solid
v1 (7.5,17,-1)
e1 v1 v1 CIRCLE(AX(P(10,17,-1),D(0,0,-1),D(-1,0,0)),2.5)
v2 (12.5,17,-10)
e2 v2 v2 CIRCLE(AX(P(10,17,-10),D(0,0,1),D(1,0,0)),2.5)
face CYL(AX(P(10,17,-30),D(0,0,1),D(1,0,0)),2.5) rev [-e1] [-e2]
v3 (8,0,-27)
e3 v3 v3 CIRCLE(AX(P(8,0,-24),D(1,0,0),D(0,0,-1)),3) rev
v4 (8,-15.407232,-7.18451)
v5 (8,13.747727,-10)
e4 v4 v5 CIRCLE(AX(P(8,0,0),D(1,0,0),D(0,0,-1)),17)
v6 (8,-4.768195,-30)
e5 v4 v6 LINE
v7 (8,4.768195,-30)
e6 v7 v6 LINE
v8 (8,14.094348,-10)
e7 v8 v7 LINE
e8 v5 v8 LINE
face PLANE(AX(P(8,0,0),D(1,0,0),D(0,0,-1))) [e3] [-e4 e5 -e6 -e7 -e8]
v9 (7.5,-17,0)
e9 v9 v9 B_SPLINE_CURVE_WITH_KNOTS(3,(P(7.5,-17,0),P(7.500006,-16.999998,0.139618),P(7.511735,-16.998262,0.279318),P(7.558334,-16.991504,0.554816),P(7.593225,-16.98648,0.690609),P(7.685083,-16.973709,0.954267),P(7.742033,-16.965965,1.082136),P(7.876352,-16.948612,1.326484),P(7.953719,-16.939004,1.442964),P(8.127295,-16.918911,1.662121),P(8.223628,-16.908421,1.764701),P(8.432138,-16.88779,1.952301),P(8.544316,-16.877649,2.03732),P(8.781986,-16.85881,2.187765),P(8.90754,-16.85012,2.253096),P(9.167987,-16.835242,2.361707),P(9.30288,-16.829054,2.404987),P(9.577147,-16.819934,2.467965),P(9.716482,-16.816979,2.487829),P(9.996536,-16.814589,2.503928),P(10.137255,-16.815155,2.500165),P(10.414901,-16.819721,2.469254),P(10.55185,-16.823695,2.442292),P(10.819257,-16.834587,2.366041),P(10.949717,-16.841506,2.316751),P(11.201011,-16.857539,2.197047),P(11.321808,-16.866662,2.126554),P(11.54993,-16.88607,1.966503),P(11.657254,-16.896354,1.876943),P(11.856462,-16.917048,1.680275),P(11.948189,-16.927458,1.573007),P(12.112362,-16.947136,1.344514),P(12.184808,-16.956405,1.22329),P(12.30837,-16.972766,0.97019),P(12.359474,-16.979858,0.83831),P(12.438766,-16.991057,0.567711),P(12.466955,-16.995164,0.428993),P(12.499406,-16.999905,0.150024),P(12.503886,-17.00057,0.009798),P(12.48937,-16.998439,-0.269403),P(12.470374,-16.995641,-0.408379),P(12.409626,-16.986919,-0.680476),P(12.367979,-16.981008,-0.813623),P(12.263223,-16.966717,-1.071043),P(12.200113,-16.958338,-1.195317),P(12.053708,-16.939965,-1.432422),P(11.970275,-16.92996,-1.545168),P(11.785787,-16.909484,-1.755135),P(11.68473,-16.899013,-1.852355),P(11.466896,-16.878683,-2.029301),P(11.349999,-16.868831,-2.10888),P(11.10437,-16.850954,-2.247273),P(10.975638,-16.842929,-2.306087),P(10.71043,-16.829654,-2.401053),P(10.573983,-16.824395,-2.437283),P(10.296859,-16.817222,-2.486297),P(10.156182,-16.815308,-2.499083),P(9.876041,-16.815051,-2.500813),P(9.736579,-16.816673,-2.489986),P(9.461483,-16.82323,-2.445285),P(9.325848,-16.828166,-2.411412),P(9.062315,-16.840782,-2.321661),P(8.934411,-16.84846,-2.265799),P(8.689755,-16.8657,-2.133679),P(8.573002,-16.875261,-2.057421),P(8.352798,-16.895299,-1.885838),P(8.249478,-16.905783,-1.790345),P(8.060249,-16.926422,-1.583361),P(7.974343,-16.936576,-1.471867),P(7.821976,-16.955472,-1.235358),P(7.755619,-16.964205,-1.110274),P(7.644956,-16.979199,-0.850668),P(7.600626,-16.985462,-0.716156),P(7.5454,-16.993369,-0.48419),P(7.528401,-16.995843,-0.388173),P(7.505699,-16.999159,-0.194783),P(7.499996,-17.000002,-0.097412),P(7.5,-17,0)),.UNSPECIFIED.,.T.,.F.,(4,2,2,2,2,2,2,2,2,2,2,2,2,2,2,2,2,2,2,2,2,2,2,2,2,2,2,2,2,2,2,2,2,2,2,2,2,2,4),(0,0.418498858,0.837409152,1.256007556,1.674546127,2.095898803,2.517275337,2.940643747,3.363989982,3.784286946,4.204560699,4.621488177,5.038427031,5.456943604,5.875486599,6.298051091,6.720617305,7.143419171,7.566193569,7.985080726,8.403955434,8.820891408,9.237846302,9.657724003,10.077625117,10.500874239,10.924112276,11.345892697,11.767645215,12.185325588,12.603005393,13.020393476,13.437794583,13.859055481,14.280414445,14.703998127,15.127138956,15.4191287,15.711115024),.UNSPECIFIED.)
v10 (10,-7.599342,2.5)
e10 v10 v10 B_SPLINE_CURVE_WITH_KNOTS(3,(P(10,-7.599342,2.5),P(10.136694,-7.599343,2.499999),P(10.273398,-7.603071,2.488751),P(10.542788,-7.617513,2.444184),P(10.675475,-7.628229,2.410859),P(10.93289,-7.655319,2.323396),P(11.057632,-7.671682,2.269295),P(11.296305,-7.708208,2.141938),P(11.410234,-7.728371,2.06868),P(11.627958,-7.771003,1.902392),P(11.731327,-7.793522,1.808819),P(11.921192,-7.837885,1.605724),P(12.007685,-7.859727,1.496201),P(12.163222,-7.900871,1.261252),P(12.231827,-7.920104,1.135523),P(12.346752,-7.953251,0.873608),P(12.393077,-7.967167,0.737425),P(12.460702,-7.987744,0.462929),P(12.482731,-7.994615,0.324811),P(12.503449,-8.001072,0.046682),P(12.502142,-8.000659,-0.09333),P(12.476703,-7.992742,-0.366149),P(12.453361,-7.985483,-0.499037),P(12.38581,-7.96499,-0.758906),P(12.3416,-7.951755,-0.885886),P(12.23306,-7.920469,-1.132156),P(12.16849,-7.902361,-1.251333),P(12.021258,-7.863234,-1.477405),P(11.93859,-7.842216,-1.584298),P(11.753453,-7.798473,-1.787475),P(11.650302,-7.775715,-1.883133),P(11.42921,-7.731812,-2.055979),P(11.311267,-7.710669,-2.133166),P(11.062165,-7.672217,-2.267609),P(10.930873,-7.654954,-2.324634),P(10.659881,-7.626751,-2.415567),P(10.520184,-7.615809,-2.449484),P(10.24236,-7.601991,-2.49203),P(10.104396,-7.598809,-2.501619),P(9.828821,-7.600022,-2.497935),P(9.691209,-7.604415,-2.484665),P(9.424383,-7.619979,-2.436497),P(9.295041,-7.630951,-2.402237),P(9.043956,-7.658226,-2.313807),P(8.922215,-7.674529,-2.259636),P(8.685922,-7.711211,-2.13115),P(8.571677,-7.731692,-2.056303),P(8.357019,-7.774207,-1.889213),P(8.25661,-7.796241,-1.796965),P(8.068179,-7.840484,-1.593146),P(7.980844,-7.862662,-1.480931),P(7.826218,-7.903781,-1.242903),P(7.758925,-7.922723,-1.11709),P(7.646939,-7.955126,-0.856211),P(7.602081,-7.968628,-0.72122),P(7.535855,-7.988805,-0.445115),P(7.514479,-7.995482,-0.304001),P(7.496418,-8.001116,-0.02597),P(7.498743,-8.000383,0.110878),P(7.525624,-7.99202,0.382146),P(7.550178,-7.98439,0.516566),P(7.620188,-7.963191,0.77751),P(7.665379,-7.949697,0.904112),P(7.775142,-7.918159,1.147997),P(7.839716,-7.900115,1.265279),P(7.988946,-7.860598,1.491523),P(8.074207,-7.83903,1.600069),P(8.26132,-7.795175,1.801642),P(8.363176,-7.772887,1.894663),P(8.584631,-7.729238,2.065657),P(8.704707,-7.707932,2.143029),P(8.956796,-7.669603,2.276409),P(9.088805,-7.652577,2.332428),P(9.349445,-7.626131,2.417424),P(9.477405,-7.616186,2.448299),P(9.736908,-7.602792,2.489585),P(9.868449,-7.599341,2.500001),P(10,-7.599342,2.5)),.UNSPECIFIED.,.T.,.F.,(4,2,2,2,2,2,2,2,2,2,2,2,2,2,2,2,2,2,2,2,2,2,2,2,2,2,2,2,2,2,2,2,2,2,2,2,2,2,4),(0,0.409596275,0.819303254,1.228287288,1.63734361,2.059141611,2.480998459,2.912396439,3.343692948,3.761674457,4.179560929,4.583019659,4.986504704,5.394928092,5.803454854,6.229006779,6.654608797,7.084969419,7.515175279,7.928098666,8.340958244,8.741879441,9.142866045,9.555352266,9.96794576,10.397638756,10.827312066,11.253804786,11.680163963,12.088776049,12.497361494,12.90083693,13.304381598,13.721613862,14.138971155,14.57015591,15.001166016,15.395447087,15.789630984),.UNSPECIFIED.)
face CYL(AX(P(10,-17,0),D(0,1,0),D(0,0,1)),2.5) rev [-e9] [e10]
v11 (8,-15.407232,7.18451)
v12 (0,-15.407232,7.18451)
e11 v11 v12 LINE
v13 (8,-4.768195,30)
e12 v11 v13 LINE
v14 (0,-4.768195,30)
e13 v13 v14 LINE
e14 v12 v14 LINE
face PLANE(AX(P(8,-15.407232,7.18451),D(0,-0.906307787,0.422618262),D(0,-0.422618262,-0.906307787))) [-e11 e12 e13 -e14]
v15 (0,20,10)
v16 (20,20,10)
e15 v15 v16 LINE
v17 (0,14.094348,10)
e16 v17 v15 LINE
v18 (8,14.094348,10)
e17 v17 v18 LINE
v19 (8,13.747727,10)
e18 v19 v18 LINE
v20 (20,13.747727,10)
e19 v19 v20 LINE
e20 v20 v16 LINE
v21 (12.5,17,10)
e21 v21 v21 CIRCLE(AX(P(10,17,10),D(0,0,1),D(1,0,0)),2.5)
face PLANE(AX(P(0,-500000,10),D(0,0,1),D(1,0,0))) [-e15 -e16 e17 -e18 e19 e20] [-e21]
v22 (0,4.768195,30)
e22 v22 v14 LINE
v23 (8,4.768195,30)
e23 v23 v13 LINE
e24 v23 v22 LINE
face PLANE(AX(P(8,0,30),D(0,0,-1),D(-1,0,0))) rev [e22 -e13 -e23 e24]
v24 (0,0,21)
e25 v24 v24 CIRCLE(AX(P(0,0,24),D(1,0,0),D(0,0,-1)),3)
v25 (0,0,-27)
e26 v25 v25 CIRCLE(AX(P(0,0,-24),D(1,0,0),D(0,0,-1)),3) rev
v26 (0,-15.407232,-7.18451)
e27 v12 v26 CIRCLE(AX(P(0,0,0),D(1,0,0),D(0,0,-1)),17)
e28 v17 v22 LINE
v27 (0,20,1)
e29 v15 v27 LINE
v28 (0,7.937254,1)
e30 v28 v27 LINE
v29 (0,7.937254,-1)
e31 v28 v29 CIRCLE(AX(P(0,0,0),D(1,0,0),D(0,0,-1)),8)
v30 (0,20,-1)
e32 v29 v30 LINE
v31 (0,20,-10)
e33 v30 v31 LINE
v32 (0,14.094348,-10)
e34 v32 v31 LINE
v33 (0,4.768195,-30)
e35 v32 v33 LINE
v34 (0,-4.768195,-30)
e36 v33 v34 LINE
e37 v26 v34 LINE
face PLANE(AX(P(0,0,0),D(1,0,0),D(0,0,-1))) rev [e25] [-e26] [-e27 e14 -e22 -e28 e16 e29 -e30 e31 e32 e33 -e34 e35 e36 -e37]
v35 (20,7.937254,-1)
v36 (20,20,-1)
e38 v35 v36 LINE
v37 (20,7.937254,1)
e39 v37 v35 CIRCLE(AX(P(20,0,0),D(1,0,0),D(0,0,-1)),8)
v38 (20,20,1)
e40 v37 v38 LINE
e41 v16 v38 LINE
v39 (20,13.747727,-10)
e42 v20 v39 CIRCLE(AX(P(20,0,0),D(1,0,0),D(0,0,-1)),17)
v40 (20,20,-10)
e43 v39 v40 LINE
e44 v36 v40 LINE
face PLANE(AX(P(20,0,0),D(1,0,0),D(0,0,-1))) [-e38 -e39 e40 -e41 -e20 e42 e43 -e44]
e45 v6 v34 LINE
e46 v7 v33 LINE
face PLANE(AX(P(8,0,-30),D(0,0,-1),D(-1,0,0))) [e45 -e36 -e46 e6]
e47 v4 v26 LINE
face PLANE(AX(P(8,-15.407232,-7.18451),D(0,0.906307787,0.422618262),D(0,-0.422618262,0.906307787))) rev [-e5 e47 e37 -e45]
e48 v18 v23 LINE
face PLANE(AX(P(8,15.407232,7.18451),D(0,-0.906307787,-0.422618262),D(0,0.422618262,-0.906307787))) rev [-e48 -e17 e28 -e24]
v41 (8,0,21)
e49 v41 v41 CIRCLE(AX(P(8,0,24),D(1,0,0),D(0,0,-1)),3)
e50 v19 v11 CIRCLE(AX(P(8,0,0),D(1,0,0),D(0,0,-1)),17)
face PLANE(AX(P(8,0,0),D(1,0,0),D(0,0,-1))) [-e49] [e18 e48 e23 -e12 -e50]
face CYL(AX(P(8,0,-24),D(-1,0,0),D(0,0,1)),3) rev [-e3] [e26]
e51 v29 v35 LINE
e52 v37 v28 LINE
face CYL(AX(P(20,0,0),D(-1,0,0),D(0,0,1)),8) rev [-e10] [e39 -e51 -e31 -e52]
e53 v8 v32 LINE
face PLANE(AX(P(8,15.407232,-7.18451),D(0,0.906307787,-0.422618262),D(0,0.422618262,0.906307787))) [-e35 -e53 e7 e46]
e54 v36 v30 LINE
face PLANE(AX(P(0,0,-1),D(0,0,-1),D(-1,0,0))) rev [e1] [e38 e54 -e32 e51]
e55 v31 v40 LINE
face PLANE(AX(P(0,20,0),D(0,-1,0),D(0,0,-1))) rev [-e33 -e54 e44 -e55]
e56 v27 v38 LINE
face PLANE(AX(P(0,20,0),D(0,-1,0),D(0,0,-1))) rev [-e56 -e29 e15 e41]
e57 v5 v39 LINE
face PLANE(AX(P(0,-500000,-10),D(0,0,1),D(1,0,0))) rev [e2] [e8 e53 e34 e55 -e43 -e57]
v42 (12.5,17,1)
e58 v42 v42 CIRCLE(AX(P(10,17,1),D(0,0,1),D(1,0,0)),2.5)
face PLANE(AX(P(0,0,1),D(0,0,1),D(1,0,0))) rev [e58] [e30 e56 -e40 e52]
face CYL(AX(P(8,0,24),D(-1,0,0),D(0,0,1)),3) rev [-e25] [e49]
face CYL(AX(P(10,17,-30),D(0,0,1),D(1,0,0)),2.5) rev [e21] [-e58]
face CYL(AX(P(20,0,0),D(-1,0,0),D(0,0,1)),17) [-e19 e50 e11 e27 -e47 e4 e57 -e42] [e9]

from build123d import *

# Parameters (mm, degrees)
SKETCH_1_R          = 3
EXTRUDE_1_DEPTH     = 8
EXTRUDE_1_2_DEPTH   = 8
SKETCH_1_3_R        = 8
EXTRUDE_2_DEPTH     = 20
EXTRUDE_3_REACH     = 53.662
SKETCH_2_W          = 20
SKETCH_2_H          = 20
SKETCH_3_W          = 20
SKETCH_3_H          = 2
CUT_EXTRUDE_1_DEPTH = 20
SKETCH_4_R          = 2.5
CUT_EXTRUDE_2_DEPTH = 49.989794856
SKETCH_5_R          = 2.5
CUT_EXTRUDE_3_DEPTH = 42.231056256


with BuildPart() as part:
    # 草图1 → 凸台-拉伸1 (new body)
    with BuildSketch(Plane(origin=(0, 0, 0), x_dir=(0, 0, -1), z_dir=(1, 0, 0))):
        with BuildLine():
            Line((-7.18451045, 15.40723238), (-30, 4.768194878))
            Line((-30, 4.768194878), (-30, -4.768194878))
            Line((-30, -4.768194878), (-7.18451045, -15.40723238))
            ThreePointArc((-7.18451045, -15.40723238), (-17, 0), (-7.18451045, 15.40723238))
        make_face()
        with Locations((-24, 0)):
            Circle(SKETCH_1_R, mode=Mode.SUBTRACT)
    extrude(amount=EXTRUDE_1_DEPTH)



with BuildPart() as body_2:
    # 草图1 → Extrude 1 2 (new body)
    with BuildSketch(Plane(origin=(0, 0, 0), x_dir=(0, 0, -1), z_dir=(1, 0, 0))):
        with BuildLine():
            Line((30, 4.768194878), (7.18451045, 15.40723238))
            ThreePointArc((7.18451045, 15.40723238), (17, 0), (7.18451045, -15.40723238))
            Line((7.18451045, -15.40723238), (30, -4.768194878))
            Line((30, -4.768194878), (30, 4.768194878))
        make_face()
        with Locations((24, 0)):
            Circle(SKETCH_1_R, mode=Mode.SUBTRACT)
    extrude(amount=EXTRUDE_1_2_DEPTH)


with BuildPart() as part_1:
    add(part.part)

    add(body_2.part)  # 凸台-拉伸2 merges body 2
    # 草图1<3> → 凸台-拉伸2 (add)
    with BuildSketch(Plane(origin=(0, 0, 0), x_dir=(0, 0, -1), z_dir=(1, 0, 0))):
        with BuildLine():
            ThreePointArc((7.18451045, 15.40723238), (0, 17), (-7.18451045, 15.40723238))
            ThreePointArc((-7.18451045, 15.40723238), (-17, 0), (-7.18451045, -15.40723238))
            ThreePointArc((-7.18451045, -15.40723238), (0, -17), (7.18451045, -15.40723238))
            ThreePointArc((7.18451045, -15.40723238), (14.337654579, -9.134093342), (17, 0))
            ThreePointArc((17, 0), (14.337654579, 9.134093342), (7.18451045, 15.40723238))
        make_face()
        Circle(SKETCH_1_3_R, mode=Mode.SUBTRACT)
    extrude(amount=EXTRUDE_2_DEPTH)

    # 草图2 → 凸台-拉伸3 (add, up to next)
    with BuildSketch(Plane(origin=(0, 20, 0), x_dir=(1, 0, 0), z_dir=(0, 1, 0)), mode=Mode.PRIVATE) as extrude_3_sk1:
        with Locations((10, 0)):
            Rectangle(SKETCH_2_W, SKETCH_2_H)
    extrude_3_tool1 = extrude(extrude_3_sk1.sketch, amount=-EXTRUDE_3_REACH, mode=Mode.PRIVATE) - part_1.part
    add(extrude_3_tool1.solids().sort_by_distance((10, 20, 0))[0])

    # 草图3 → 切除-拉伸1 (cut)
    with BuildSketch(Plane(origin=(0, 20, 0), x_dir=(1, 0, 0), z_dir=(0, 1, 0))):
        with Locations((10, 0)):
            Rectangle(SKETCH_3_W, SKETCH_3_H)
    extrude(amount=-CUT_EXTRUDE_1_DEPTH, mode=Mode.SUBTRACT)

    # 草图4 → 切除-拉伸2 (cut, through all)
    with BuildSketch(Plane.XY.offset(10)):
        with Locations((10, 17)):
            Circle(SKETCH_4_R)
    extrude(amount=-CUT_EXTRUDE_2_DEPTH, mode=Mode.SUBTRACT)

    # 草图5 → 切除-拉伸3 (cut, through all)
    with BuildSketch(Plane(origin=(0, 0, 0), x_dir=(1, 0, 0), z_dir=(0, 1, 0))):
        with Locations((10, 0)):
            Circle(SKETCH_5_R)
    extrude(amount=-CUT_EXTRUDE_3_DEPTH, mode=Mode.SUBTRACT)


solid = part_1.part
